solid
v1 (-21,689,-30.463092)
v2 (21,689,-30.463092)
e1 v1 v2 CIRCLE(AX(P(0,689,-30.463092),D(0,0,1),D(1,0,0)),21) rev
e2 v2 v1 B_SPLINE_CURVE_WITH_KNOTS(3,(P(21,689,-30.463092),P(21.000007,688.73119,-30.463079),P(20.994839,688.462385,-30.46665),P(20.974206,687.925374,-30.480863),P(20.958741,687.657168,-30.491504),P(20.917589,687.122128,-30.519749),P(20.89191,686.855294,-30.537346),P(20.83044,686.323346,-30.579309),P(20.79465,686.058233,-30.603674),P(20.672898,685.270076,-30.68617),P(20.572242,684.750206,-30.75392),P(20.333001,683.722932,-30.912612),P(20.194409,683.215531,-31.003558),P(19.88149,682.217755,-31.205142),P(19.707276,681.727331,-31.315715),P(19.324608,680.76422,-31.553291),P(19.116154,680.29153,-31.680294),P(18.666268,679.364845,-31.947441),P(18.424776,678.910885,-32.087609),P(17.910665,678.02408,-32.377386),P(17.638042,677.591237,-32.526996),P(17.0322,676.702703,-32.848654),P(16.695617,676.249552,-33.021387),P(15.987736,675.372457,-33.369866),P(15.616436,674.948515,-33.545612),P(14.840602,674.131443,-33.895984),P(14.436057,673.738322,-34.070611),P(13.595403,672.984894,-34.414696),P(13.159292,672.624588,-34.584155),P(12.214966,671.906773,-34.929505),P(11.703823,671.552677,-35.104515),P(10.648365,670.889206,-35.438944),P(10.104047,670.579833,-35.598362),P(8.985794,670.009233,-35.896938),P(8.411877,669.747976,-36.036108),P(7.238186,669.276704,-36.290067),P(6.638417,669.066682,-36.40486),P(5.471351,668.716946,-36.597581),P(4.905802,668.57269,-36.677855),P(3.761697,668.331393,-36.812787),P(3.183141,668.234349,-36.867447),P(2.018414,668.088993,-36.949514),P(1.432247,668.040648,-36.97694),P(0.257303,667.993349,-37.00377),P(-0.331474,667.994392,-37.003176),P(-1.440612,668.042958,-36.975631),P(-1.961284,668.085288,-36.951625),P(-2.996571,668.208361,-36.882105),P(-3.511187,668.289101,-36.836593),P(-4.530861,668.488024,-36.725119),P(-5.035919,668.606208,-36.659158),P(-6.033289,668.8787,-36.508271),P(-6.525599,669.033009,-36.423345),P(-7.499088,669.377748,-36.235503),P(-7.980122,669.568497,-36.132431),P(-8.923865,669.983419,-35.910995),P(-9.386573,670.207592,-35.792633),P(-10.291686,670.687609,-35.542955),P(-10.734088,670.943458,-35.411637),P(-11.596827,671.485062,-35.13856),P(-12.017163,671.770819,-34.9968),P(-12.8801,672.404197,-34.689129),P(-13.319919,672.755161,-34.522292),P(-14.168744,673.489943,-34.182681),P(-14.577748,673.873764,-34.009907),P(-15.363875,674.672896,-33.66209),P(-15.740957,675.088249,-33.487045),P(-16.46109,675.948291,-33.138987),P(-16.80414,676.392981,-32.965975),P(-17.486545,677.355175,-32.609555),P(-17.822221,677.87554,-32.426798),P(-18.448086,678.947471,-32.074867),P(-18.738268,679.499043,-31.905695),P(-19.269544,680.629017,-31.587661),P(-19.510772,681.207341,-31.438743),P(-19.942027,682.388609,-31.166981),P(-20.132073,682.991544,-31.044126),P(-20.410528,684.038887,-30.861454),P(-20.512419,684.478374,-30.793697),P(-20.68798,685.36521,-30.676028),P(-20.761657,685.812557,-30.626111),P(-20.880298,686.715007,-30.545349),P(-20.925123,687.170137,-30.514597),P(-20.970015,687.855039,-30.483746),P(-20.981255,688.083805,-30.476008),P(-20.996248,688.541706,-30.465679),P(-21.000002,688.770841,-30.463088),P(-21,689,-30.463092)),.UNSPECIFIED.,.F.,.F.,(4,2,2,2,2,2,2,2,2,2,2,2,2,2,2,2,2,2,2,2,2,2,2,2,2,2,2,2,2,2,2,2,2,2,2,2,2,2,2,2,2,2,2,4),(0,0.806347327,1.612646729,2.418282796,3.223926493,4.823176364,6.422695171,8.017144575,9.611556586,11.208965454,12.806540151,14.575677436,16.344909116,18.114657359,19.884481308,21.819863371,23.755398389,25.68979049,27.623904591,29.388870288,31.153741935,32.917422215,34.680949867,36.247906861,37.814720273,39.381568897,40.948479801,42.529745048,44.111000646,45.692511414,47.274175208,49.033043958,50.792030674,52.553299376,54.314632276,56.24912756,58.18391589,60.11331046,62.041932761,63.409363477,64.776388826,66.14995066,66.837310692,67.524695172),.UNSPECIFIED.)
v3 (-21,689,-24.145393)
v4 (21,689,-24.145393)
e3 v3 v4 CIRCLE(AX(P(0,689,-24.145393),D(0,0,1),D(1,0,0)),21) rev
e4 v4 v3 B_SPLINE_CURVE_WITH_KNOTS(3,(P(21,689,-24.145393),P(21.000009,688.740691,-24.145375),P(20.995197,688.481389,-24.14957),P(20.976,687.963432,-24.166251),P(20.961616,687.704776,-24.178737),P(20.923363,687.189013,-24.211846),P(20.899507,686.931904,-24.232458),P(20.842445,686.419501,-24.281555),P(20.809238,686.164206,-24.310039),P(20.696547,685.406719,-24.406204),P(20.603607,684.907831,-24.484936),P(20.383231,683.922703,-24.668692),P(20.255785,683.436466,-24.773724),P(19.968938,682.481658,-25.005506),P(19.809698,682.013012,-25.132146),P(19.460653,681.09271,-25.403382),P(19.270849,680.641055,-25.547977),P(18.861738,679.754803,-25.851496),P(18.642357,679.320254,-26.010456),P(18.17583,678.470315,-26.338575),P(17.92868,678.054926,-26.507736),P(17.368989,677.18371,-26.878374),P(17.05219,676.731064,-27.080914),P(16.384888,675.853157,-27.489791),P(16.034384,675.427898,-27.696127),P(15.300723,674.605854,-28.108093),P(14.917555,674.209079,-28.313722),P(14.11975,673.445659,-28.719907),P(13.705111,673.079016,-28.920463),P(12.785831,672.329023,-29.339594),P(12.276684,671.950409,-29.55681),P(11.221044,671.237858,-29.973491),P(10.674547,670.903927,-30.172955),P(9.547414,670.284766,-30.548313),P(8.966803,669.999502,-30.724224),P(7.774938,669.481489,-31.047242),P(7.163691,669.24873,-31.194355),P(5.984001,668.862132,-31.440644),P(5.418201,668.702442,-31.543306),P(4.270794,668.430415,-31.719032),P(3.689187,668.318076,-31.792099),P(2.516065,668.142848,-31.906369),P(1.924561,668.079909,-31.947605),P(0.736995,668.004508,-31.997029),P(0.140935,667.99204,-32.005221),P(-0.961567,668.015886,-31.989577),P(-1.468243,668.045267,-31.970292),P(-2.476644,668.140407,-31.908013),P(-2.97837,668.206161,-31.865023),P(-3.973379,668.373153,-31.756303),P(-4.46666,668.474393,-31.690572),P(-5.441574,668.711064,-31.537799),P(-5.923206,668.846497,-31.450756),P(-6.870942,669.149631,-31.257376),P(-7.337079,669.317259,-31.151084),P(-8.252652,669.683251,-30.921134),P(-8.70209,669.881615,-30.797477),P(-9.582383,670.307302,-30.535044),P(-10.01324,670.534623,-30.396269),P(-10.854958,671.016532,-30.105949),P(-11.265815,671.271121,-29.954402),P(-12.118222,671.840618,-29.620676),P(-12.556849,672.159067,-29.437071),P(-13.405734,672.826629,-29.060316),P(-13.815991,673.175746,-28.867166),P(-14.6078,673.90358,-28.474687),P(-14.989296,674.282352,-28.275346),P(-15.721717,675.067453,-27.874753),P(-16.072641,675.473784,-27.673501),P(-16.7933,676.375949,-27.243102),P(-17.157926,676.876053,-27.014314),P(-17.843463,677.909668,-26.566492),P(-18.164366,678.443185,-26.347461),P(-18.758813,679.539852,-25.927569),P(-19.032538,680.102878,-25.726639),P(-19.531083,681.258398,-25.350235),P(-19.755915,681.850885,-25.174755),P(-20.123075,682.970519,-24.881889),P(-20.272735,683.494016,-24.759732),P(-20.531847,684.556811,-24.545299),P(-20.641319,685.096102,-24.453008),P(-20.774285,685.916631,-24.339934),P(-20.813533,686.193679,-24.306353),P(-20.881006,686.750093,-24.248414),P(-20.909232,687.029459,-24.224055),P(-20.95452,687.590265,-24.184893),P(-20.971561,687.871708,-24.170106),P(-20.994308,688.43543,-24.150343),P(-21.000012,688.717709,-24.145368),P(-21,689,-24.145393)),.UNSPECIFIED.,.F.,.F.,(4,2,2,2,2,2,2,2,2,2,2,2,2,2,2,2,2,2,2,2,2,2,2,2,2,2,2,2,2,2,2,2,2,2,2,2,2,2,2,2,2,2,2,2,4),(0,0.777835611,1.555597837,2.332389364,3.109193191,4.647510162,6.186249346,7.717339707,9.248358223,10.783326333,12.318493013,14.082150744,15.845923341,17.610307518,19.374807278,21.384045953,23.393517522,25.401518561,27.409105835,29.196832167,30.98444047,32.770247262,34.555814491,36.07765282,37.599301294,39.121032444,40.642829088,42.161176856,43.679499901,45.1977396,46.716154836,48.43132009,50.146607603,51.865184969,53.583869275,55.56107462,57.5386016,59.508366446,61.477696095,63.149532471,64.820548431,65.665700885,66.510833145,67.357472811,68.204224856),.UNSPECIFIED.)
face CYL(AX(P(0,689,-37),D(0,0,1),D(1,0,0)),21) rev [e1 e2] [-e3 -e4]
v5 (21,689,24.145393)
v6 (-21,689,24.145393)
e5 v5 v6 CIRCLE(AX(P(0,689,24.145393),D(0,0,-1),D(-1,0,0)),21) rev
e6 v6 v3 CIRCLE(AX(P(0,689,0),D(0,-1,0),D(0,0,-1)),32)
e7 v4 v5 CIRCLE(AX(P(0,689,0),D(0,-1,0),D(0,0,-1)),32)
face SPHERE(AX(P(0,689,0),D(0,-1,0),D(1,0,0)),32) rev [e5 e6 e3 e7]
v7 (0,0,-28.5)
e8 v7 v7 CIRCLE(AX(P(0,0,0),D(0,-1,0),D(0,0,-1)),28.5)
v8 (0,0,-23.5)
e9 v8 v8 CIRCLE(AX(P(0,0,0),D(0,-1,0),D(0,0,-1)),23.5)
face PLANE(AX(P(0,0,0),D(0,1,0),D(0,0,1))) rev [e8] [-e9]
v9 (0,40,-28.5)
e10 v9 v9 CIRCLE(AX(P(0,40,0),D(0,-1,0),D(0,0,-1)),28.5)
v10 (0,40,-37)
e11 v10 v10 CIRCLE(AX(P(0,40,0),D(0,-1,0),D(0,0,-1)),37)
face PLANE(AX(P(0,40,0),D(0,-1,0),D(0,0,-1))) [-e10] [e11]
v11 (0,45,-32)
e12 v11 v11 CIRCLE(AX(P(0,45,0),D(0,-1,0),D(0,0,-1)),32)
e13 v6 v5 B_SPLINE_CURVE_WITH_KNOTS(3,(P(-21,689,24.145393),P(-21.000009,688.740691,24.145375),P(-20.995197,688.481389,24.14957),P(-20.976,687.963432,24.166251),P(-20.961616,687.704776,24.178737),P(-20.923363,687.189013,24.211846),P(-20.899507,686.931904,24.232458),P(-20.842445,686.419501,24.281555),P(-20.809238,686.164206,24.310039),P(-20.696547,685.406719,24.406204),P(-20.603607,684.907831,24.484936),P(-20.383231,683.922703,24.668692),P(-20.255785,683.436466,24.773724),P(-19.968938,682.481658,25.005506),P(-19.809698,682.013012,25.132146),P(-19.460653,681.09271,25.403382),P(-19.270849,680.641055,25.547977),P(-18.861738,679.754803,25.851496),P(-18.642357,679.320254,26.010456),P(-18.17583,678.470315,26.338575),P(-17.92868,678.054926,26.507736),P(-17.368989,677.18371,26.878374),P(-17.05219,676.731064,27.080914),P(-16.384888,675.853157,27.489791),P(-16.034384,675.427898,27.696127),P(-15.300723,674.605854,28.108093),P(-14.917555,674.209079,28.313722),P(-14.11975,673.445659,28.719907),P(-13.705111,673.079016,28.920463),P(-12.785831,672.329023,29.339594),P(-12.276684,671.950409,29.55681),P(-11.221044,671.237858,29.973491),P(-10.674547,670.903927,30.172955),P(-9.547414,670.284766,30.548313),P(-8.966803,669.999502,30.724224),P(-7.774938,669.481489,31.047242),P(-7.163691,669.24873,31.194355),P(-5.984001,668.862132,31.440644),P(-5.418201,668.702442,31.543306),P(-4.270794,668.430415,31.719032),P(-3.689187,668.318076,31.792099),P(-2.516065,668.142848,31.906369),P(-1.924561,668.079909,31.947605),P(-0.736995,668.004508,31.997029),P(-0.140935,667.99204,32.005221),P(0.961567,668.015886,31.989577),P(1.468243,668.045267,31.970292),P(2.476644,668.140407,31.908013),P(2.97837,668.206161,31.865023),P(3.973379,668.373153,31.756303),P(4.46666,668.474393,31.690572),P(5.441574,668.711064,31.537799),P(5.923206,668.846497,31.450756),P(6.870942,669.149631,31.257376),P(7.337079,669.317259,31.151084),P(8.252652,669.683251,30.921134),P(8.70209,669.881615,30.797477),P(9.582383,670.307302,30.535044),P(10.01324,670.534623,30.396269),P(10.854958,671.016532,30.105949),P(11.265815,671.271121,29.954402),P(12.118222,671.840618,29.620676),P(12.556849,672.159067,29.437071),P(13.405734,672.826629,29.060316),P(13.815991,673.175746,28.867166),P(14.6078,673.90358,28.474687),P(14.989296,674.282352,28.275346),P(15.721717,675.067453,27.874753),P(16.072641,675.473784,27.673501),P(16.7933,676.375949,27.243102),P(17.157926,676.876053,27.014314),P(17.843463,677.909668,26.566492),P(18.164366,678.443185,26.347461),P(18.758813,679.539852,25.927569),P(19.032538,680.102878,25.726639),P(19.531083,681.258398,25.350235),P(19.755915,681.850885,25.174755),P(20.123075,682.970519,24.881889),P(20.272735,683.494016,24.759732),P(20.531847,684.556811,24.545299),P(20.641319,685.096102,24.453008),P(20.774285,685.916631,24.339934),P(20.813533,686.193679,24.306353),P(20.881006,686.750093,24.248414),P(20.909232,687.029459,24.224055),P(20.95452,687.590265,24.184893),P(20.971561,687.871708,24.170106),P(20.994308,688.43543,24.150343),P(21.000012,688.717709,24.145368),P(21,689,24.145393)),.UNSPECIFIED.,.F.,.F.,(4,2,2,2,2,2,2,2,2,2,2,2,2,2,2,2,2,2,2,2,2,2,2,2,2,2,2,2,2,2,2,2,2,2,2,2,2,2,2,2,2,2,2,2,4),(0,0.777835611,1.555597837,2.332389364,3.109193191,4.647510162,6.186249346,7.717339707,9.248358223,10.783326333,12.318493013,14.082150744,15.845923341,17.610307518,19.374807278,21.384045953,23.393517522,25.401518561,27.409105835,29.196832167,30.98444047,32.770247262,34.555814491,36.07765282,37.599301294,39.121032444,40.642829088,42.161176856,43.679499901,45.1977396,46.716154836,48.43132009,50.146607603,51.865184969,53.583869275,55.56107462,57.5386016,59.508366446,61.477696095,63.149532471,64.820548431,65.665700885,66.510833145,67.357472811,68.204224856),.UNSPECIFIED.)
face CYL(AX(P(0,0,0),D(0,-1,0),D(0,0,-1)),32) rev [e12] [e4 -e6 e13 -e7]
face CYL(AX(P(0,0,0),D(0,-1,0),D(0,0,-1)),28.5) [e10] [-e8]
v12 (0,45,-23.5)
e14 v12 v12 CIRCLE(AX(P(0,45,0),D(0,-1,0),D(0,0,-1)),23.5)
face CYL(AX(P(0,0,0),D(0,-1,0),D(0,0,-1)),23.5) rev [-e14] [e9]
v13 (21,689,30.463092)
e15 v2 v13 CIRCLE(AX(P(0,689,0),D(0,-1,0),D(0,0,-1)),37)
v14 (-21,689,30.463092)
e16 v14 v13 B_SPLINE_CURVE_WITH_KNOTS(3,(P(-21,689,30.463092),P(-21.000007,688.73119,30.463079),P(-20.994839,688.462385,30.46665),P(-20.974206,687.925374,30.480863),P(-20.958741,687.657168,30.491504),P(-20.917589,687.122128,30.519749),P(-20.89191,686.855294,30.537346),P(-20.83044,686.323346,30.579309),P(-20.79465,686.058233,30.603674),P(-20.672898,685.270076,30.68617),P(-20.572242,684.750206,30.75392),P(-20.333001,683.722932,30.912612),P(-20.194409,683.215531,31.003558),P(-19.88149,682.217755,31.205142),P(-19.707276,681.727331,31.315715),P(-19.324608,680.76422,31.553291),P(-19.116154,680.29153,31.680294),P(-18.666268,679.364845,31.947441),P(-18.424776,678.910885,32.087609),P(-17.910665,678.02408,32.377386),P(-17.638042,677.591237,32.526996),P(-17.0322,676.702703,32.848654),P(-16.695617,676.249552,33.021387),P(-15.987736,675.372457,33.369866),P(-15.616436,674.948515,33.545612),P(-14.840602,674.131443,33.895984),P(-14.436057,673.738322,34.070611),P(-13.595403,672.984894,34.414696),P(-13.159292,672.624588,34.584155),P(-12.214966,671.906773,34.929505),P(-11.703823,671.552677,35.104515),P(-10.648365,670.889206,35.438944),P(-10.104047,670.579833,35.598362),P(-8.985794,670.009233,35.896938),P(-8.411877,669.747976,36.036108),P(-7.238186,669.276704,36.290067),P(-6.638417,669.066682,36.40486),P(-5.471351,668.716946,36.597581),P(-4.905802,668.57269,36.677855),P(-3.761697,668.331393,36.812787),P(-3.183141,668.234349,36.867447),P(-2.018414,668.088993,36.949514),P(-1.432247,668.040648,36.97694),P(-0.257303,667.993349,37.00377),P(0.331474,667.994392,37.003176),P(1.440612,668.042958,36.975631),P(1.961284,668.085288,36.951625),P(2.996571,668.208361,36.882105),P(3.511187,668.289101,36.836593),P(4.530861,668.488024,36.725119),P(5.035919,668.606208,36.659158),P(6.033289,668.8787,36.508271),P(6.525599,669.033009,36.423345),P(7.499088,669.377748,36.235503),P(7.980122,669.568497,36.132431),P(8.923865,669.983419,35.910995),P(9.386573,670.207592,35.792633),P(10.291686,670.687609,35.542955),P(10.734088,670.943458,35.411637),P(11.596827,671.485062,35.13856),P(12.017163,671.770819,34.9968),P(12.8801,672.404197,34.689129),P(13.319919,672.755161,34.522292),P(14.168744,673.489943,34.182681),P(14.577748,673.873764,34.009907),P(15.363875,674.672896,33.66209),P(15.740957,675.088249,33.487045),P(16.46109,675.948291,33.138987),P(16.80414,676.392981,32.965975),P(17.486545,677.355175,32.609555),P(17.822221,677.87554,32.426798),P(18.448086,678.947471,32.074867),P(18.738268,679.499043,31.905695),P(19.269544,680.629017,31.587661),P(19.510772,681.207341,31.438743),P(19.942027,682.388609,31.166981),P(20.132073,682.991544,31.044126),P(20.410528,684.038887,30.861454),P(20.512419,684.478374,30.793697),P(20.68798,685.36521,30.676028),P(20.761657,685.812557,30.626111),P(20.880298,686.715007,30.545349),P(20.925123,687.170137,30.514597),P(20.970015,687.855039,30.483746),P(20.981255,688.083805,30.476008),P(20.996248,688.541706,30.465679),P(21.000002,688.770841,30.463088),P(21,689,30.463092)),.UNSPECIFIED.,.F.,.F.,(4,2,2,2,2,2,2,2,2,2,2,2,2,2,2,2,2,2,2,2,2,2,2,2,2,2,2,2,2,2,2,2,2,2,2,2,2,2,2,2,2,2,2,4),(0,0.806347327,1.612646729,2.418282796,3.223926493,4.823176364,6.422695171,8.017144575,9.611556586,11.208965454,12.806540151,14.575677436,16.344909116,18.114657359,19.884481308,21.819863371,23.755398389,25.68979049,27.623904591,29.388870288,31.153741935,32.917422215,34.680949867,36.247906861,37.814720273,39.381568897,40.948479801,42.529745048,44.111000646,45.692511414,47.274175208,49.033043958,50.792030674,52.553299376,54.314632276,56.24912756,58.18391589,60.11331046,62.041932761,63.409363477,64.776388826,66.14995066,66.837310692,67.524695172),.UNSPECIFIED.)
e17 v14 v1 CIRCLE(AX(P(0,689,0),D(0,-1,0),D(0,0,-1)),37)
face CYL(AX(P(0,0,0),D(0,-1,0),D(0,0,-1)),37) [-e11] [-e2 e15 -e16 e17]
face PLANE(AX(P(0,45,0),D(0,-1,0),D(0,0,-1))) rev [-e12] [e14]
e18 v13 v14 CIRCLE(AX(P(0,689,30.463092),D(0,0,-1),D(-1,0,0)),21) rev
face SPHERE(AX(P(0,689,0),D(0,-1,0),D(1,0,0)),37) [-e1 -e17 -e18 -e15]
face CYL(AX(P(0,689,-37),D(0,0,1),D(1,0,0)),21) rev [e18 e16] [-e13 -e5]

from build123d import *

# Parameters (mm, degrees)
CUT_EXTRUDE1_DEPTH      = 728.883232394
CUT_EXTRUDE1_DEPTH_BACK = 728.883232394
SKETCH2_R               = 21


with BuildPart() as part:
    # Sketch1 → Revolve1 (revolve)
    with BuildSketch(Plane.XY, mode=Mode.PRIVATE) as revolve1_sk:
        with BuildLine():
            Line((23.5, 0), (28.5, 0))
            Line((28.5, 0), (28.5, 40))
            Line((28.5, 40), (37, 40))
            Line((37, 40), (37, 689))
            ThreePointArc((37, 689), (26.162950904, 715.162950904), (0, 726))
            Line((0, 726), (0, 721))
            ThreePointArc((0, 721), (22.627416998, 711.627416998), (32, 689))
            Line((32, 689), (32, 45))
            Line((32, 45), (23.5, 45))
            Line((23.5, 45), (23.5, 0))
        make_face()
    revolve(revolve1_sk.sketch.rotate(Axis((0, 0, 0), (0, 1, 0)), 90), axis=Axis((0, 0, 0), (0, 1, 0)))

    # Sketch2 → Cut-Extrude1 (cut, two sides: drawn at the far end of the back side and taken through both)
    with BuildSketch(Plane.XY.offset(-CUT_EXTRUDE1_DEPTH_BACK)):
        with Locations((0, 689)):
            Circle(SKETCH2_R)
    extrude(amount=CUT_EXTRUDE1_DEPTH + CUT_EXTRUDE1_DEPTH_BACK, mode=Mode.SUBTRACT)


solid = part.part
